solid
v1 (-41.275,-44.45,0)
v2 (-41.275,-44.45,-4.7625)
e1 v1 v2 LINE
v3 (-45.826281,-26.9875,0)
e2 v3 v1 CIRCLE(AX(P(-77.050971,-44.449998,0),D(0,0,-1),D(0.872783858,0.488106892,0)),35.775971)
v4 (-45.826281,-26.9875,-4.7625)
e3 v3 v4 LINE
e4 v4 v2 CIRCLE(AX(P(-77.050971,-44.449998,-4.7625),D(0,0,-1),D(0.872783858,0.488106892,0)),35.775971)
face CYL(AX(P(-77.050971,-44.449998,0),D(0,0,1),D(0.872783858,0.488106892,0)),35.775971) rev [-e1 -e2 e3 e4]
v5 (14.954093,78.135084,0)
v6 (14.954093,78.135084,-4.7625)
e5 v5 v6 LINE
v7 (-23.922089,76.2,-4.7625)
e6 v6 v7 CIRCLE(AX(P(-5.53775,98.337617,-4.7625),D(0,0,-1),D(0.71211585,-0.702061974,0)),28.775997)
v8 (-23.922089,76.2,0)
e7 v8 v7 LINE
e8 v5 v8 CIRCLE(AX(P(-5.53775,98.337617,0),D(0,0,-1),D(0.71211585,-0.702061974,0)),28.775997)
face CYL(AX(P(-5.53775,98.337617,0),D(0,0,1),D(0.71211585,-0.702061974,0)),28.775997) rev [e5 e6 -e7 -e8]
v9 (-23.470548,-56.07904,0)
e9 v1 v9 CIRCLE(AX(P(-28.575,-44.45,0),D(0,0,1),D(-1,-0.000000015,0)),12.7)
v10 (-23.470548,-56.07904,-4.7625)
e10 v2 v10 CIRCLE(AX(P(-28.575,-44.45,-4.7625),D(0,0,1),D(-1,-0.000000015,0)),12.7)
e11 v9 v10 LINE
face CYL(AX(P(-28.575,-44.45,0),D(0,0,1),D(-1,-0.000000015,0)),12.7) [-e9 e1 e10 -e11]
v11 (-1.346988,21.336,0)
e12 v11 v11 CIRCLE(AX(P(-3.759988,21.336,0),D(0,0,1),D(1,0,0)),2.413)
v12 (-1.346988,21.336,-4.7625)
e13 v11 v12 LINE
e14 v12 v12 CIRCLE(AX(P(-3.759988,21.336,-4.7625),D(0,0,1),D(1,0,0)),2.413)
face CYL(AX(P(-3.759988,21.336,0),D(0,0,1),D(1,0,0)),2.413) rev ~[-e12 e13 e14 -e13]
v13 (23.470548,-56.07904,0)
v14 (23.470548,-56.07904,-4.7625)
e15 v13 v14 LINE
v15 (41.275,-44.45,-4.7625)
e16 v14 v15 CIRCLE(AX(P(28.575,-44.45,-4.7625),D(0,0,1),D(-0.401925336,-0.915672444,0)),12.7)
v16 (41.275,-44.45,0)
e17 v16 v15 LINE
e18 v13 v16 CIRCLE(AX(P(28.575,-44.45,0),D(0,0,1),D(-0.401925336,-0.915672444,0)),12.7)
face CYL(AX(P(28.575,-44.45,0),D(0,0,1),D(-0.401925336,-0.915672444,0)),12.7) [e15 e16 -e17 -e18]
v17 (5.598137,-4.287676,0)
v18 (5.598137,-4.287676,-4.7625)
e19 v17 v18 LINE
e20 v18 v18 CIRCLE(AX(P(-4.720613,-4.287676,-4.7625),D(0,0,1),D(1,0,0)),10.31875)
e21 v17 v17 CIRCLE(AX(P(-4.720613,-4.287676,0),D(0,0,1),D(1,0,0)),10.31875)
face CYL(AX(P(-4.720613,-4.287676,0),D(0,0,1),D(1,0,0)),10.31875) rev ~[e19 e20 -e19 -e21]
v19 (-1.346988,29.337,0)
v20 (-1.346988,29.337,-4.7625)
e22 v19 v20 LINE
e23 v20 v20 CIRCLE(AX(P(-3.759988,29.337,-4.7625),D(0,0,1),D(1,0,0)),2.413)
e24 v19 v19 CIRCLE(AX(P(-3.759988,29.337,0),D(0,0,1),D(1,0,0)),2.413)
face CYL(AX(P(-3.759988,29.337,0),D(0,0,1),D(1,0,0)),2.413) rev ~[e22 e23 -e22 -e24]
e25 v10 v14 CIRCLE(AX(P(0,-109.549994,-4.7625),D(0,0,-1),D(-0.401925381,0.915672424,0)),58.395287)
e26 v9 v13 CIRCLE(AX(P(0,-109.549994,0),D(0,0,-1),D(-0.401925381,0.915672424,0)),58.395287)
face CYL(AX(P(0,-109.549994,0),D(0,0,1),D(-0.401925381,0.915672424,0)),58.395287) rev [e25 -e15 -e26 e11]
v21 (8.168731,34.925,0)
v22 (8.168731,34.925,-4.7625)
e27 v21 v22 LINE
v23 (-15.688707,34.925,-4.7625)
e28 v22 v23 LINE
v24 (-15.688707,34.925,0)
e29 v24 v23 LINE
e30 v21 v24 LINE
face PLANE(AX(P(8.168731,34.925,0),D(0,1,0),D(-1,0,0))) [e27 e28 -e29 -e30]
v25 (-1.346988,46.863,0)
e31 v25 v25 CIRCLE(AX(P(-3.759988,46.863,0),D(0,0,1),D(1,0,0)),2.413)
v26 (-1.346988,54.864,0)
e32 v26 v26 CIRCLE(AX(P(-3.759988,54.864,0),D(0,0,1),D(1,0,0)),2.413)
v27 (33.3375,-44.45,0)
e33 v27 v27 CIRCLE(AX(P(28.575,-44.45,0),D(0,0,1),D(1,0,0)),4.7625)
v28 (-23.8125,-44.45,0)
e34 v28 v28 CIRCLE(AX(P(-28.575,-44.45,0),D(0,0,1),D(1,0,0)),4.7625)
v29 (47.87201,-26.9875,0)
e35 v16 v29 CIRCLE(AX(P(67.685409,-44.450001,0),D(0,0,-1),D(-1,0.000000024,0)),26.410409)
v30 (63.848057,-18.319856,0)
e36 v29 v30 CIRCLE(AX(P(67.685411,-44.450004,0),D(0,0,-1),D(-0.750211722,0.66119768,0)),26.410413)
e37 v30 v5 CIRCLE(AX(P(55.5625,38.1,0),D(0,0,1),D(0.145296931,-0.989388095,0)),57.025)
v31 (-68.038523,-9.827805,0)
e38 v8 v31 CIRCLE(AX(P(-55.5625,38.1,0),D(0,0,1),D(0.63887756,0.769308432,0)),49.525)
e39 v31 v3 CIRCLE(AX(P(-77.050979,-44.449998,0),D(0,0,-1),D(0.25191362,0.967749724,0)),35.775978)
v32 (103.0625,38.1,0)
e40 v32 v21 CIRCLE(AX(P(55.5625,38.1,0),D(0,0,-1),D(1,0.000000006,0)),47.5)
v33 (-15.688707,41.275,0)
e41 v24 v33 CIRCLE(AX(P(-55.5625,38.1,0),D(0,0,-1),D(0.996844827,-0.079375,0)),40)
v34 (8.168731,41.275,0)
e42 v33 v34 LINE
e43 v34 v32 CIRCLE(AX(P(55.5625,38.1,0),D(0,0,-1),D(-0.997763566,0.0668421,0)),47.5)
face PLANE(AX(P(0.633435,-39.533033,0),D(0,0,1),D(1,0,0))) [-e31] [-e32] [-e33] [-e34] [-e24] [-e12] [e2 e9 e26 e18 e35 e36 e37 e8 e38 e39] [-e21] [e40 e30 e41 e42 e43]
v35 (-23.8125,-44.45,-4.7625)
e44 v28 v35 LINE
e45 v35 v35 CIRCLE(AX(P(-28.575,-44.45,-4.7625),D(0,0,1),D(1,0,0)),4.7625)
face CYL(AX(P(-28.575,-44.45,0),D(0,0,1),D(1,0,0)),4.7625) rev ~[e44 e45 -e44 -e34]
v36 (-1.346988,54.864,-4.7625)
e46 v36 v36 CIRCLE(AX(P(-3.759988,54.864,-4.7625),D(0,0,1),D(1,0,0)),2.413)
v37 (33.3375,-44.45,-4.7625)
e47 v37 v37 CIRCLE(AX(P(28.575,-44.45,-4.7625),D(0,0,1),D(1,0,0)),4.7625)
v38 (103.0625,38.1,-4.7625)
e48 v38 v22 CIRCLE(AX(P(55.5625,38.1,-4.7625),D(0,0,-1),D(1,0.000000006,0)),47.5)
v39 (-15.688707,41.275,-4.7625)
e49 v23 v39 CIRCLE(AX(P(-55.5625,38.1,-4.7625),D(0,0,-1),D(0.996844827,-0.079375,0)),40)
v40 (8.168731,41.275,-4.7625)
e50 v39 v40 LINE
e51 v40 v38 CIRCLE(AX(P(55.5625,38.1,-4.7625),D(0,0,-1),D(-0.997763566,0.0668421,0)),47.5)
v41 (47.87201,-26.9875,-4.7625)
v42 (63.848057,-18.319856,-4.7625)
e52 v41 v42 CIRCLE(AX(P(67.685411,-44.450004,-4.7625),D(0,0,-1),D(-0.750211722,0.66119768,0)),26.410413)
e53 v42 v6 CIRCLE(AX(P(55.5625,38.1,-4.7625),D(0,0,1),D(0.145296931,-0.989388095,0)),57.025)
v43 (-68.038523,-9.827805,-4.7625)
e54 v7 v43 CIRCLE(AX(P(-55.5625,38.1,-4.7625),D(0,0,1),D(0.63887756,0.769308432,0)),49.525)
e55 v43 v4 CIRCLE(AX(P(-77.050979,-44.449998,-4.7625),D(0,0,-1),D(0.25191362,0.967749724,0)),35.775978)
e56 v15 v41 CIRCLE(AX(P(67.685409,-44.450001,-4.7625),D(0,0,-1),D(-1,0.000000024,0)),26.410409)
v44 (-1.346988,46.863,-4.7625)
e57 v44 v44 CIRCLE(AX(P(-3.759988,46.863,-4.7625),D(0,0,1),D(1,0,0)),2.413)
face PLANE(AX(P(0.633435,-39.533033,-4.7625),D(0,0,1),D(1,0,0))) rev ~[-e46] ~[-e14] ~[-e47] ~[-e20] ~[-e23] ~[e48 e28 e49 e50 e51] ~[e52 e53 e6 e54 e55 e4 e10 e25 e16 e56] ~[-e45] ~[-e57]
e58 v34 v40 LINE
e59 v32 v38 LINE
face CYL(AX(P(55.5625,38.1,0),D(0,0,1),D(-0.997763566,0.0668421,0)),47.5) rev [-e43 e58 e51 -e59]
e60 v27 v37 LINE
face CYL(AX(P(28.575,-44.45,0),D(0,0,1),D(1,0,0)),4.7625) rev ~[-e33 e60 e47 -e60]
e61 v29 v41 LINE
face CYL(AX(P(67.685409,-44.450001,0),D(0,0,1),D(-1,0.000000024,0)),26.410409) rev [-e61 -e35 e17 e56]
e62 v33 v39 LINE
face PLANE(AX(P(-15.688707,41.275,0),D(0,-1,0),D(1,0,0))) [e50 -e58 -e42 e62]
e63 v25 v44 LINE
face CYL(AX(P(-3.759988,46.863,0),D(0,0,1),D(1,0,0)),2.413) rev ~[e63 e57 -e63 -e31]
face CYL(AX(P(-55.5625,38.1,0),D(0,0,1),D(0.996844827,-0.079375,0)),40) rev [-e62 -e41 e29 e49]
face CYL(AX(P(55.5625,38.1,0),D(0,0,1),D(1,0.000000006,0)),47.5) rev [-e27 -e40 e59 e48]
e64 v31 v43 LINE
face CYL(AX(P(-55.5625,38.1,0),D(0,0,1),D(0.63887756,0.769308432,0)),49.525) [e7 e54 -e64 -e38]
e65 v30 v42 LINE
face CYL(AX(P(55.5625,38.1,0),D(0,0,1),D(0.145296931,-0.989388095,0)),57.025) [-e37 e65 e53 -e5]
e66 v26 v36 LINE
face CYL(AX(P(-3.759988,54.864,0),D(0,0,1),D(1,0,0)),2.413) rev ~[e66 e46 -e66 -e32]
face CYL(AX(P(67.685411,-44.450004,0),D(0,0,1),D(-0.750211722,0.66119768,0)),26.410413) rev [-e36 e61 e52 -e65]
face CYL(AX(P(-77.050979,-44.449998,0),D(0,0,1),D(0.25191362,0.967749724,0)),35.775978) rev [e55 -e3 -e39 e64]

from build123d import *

# Parameters (mm, degrees)
F0_R     = 4.7625
F0_R_2   = 10.31875
F0_R_3   = 2.413
F1_DEPTH = 4.7625


with BuildPart() as f1:
    # F0 (on Top) → F1 (new body)
    with BuildSketch(Plane.XY):
        with BuildLine():
            ThreePointArc((41.275, -44.45), (42.979239, -35.116466), (47.87201, -26.9875))
            Line((47.87201, -26.9875), (-45.826281, -26.9875))
            ThreePointArc((-45.826281, -26.9875), (-42.431513, -35.42707), (-41.275, -44.45))
            ThreePointArc((-41.275, -44.45), (-35.519907, -55.082886), (-23.470548, -56.07904))
            ThreePointArc((-23.470548, -56.07904), (0, -51.154707), (23.470548, -56.07904))
            ThreePointArc((23.470548, -56.07904), (35.519907, -55.082886), (41.275, -44.45))
        make_face()
        with Locations((-28.575, -44.45)):
            Circle(F0_R, mode=Mode.SUBTRACT)
        with Locations((28.575, -44.45)):
            Circle(F0_R, mode=Mode.SUBTRACT)
        with BuildLine():
            ThreePointArc((63.848057, -18.319856), (106.425851, 63.883136), (14.954093, 78.135084))
            ThreePointArc((14.954093, 78.135084), (-4.10718, 69.597202), (-23.922089, 76.2))
            ThreePointArc((-23.922089, 76.2), (-99.630791, 60.698924), (-68.038523, -9.827805))
            ThreePointArc((-68.038523, -9.827805), (-55.179287, -16.138345), (-45.826281, -26.9875))
            Line((-45.826281, -26.9875), (47.87201, -26.9875))
            ThreePointArc((47.87201, -26.9875), (55.090906, -21.236035), (63.848057, -18.319856))
        make_face()
        with Locations((-4.720613, -4.287676)):
            Circle(F0_R_2, mode=Mode.SUBTRACT)
        with Locations((-3.759988, 21.336)):
            Circle(F0_R_3, mode=Mode.SUBTRACT)
        with Locations((-3.759988, 29.337)):
            Circle(F0_R_3, mode=Mode.SUBTRACT)
        with Locations((-3.759988, 46.863)):
            Circle(F0_R_3, mode=Mode.SUBTRACT)
        with Locations((-3.759988, 54.864)):
            Circle(F0_R_3, mode=Mode.SUBTRACT)
        with BuildLine():
            ThreePointArc((-15.688707, 34.925), (-95.5625, 38.1), (-15.688707, 41.275))
            Line((-15.688707, 41.275), (8.168731, 41.275))
            ThreePointArc((8.168731, 41.275), (57.150888, 85.573435), (103.0625, 38.1))
            ThreePointArc((103.0625, 38.1), (57.150888, -9.373435), (8.168731, 34.925))
            Line((8.168731, 34.925), (-15.688707, 34.925))
        make_face(mode=Mode.SUBTRACT)
    extrude(amount=-F1_DEPTH)


solid = f1.part
